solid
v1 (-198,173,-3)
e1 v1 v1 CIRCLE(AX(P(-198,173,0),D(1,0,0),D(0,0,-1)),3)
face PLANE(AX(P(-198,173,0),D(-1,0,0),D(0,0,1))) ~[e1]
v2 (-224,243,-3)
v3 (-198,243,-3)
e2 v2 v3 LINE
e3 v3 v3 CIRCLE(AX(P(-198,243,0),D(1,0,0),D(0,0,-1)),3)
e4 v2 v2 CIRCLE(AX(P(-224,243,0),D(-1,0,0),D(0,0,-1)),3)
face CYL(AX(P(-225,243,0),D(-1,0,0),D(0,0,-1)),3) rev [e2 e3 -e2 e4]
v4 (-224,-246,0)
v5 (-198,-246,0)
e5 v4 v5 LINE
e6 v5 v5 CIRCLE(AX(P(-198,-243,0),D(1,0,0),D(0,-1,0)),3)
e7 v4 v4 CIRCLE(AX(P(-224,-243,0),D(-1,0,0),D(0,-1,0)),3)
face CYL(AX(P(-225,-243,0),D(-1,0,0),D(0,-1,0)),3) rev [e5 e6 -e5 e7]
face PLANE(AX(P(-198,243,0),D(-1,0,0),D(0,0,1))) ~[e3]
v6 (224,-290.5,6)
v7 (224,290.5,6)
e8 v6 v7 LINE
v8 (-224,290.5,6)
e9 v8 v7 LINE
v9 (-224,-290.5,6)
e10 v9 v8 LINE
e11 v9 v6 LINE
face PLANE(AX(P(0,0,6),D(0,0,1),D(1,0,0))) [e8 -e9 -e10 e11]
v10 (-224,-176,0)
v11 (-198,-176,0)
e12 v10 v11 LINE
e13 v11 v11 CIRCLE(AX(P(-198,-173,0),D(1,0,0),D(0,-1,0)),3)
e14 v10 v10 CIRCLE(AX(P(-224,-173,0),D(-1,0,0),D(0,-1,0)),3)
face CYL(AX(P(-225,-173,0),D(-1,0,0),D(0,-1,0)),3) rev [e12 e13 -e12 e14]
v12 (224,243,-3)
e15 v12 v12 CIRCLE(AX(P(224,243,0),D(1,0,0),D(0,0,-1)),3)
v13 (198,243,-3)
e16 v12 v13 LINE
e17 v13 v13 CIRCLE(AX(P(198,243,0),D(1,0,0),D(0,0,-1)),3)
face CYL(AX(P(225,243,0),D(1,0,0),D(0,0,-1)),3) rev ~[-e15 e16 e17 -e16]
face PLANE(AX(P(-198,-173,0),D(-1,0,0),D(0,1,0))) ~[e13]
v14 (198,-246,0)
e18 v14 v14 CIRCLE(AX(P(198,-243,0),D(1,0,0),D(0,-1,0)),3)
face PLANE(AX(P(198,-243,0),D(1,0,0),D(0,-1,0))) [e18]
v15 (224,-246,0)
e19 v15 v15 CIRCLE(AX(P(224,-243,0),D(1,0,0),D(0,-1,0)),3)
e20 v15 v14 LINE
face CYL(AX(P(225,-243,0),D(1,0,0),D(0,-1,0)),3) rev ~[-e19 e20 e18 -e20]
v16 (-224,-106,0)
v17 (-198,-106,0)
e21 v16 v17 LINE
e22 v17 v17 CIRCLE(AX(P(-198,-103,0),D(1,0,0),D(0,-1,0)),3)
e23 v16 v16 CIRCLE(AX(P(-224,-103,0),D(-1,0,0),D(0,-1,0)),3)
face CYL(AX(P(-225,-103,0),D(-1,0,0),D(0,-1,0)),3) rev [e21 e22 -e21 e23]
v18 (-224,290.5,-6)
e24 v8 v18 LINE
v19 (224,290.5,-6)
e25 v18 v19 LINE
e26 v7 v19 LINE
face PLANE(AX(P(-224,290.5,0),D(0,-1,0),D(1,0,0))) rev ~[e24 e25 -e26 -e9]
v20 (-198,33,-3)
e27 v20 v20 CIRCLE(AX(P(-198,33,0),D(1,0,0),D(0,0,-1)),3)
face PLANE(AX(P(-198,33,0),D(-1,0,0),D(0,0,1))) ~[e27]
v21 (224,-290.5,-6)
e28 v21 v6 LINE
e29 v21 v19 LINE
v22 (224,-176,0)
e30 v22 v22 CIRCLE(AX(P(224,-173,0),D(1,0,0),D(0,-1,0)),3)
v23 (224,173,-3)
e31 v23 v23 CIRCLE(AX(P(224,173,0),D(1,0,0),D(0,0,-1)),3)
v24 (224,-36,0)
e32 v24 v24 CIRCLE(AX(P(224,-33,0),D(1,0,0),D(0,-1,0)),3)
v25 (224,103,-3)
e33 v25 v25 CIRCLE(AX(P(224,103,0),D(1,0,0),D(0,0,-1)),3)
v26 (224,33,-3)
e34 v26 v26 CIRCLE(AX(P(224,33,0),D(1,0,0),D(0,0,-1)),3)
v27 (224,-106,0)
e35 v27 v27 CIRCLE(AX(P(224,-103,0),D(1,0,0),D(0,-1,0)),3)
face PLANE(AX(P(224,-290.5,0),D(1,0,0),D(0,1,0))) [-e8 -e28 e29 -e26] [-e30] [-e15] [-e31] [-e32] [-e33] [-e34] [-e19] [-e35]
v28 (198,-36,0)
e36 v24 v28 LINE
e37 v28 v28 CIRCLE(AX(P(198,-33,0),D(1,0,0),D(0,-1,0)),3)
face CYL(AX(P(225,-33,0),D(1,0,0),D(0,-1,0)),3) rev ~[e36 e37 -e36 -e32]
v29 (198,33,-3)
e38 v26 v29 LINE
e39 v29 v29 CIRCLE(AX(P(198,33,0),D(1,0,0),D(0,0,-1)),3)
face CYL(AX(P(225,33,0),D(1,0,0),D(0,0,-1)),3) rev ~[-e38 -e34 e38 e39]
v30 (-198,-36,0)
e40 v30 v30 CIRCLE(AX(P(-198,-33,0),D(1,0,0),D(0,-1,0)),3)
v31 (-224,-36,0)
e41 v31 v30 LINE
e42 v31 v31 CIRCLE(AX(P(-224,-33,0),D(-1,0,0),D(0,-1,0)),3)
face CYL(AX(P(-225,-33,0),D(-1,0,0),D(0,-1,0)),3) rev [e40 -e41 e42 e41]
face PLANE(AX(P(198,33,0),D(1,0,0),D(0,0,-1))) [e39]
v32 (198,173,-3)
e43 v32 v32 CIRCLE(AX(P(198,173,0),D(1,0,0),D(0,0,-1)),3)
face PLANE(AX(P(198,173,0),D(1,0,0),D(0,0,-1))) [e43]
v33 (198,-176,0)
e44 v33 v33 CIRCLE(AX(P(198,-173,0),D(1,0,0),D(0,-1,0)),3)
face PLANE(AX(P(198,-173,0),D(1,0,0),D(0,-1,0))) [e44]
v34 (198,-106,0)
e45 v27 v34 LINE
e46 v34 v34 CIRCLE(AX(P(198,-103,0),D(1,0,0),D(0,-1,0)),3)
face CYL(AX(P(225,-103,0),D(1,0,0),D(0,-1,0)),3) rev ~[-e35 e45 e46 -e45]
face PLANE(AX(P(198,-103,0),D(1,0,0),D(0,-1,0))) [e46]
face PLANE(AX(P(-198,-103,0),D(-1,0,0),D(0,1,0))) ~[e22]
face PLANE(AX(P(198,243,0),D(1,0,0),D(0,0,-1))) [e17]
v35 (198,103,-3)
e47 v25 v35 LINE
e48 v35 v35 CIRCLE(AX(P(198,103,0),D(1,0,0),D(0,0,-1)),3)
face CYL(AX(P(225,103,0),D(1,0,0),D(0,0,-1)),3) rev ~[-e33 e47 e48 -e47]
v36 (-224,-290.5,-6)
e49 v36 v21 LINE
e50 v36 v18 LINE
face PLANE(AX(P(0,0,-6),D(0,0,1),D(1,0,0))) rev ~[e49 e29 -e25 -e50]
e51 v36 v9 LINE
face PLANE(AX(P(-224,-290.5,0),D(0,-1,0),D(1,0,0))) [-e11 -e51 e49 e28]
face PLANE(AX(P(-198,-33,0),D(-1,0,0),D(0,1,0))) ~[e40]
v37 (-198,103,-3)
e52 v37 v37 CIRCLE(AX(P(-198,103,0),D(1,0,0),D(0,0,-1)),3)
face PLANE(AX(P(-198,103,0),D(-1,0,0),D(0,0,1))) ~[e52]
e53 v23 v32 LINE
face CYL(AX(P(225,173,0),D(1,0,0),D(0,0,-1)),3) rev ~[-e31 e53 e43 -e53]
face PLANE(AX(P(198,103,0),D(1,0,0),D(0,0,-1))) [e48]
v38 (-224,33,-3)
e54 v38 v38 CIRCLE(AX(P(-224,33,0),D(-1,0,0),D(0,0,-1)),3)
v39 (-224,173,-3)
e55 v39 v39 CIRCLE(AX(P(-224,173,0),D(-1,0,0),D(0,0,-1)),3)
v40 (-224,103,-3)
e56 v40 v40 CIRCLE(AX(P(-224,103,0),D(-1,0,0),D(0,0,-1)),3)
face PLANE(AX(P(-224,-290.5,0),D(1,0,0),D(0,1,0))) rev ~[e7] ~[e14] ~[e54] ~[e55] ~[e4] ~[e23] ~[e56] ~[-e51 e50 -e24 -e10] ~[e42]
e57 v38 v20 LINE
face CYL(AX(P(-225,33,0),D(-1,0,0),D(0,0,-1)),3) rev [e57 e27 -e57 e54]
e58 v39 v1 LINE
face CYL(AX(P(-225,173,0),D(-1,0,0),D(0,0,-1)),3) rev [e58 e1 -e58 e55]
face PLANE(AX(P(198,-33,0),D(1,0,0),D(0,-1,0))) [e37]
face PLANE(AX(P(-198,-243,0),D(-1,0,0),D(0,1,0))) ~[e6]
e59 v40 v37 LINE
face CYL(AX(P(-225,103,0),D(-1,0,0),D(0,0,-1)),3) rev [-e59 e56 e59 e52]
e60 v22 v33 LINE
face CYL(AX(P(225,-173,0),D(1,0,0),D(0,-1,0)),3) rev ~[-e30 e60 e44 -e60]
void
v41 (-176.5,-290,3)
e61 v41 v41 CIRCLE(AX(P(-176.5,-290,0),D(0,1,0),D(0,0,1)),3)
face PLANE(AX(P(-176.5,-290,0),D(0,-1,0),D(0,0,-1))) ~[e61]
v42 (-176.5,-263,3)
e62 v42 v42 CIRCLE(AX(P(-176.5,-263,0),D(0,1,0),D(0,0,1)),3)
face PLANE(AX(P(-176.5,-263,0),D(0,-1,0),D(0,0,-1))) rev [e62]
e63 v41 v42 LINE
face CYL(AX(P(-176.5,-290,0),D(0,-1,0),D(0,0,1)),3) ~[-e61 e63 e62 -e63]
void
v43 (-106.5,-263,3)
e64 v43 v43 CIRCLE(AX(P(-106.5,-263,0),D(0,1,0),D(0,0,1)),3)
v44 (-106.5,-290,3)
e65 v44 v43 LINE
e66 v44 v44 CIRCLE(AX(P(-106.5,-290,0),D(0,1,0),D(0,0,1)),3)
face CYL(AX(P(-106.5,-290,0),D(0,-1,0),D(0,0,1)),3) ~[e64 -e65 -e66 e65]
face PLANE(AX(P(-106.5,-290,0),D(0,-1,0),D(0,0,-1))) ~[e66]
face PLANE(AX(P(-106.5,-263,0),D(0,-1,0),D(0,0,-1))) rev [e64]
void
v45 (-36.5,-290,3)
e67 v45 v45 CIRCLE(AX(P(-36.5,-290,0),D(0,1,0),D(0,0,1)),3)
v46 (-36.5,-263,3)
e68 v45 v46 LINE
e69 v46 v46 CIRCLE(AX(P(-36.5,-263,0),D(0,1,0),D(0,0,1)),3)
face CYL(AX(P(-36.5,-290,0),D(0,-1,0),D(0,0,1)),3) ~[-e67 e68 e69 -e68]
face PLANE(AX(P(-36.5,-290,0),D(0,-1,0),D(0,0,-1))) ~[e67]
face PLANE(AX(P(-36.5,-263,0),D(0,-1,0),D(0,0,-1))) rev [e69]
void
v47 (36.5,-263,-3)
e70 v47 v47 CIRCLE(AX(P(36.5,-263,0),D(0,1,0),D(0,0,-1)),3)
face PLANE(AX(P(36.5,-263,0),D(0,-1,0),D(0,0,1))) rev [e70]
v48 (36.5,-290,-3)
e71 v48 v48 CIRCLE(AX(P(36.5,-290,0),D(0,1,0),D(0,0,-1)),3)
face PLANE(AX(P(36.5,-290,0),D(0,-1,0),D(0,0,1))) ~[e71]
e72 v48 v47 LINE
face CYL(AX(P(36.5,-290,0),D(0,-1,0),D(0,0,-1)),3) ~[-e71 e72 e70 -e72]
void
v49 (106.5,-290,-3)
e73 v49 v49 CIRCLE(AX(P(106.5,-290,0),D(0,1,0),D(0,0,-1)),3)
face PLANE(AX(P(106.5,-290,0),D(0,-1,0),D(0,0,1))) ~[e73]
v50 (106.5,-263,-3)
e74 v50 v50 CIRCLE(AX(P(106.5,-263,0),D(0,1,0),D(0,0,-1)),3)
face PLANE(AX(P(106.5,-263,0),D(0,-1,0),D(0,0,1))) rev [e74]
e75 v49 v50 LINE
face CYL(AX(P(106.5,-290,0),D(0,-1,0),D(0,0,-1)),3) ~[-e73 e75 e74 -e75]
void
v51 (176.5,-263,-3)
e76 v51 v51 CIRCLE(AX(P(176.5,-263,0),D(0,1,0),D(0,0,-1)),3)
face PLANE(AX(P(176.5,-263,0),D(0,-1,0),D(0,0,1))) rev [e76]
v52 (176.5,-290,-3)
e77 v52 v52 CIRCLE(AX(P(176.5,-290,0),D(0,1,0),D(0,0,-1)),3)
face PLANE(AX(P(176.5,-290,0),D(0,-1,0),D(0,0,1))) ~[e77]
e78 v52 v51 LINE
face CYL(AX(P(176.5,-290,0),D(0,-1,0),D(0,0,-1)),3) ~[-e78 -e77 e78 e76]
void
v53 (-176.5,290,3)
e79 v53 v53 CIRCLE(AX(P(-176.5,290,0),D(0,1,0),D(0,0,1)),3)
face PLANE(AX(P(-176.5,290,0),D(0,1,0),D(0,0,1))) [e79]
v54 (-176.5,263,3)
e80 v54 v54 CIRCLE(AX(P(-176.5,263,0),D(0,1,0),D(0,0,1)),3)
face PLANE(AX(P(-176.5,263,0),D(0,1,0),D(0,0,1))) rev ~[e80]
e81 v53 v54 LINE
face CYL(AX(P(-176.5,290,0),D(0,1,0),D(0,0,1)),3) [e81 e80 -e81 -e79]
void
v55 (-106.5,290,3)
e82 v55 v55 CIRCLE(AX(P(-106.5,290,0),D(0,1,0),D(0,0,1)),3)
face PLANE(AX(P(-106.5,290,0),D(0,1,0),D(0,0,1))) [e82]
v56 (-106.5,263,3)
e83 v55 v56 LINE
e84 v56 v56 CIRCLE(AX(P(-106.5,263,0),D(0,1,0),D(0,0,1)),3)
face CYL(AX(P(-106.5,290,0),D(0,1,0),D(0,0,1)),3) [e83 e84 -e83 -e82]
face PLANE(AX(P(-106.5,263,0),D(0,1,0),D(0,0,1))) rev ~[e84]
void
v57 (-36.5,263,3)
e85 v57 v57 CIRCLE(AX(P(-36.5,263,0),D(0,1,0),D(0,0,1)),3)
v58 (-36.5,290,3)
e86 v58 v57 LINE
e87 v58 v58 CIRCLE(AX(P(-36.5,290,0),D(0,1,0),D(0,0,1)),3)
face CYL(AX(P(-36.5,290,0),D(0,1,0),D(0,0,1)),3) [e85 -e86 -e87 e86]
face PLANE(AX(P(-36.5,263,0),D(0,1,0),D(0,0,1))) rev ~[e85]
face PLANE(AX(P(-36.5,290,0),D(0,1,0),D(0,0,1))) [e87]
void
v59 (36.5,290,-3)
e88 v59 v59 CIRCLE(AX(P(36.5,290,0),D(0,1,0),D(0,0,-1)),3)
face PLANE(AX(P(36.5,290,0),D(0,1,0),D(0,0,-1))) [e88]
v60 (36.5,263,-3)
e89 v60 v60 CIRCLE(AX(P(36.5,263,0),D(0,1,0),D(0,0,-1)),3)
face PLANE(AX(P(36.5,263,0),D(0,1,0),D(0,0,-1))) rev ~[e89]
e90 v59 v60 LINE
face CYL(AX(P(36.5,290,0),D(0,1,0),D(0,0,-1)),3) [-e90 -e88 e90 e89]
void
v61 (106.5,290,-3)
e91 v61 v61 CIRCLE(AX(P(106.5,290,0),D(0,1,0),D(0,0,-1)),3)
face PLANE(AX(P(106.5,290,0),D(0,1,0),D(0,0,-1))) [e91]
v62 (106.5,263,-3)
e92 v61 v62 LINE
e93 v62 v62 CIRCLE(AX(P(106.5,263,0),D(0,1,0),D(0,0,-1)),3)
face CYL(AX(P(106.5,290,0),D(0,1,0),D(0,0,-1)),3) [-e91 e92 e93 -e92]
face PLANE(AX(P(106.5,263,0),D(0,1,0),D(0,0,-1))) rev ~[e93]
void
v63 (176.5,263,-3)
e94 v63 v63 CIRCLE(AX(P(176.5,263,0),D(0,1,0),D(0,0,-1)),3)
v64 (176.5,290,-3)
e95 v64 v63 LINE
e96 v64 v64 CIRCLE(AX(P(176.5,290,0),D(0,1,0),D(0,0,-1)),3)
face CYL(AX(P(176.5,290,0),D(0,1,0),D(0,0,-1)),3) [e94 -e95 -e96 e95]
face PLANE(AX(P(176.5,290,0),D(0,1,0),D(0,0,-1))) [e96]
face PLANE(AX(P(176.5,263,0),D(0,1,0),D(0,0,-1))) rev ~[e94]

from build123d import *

# Parameters (mm, degrees)
CROQUIS1_W              = 448
CROQUIS1_H              = 581
SALIENTE_EXTRUIR2_DEPTH = 6
CORTAR_EXTRUIR2_START   = 225
CROQUIS3_R              = 3
CORTAR_EXTRUIR2_DEPTH   = 27
CORTAR_EXTRUIR3_START   = 290
CROQUIS4_R              = 3
CORTAR_EXTRUIR3_DEPTH   = 27


with BuildPart() as part:
    # Croquis1 → Saliente-Extruir2 (new, symmetric)
    with BuildSketch(Plane.XY):
        Rectangle(CROQUIS1_W, CROQUIS1_H)
    extrude(amount=SALIENTE_EXTRUIR2_DEPTH, both=True)

    # Croquis3 → Cortar-Extruir2 (cut)
    with BuildSketch(Plane(origin=(0, 0, 0), x_dir=(0, 0, -1), z_dir=(1, 0, 0)).offset(CORTAR_EXTRUIR2_START)):
        with Locations((0, 243)):
            Circle(CROQUIS3_R)
        with Locations((0, 173)):
            Circle(CROQUIS3_R)
        with Locations((0, 103)):
            Circle(CROQUIS3_R)
        with Locations((0, 33)):
            Circle(CROQUIS3_R)
        with Locations(Location((0, -33, 0), (0, 0, 270))):
            Circle(CROQUIS3_R)
        with Locations(Location((0, -103, 0), (0, 0, 270))):
            Circle(CROQUIS3_R)
        with Locations(Location((0, -173, 0), (0, 0, 270))):
            Circle(CROQUIS3_R)
        with Locations(Location((0, -243, 0), (0, 0, 270))):
            Circle(CROQUIS3_R)
    cortar_extruir2 = extrude(amount=-CORTAR_EXTRUIR2_DEPTH, mode=Mode.SUBTRACT)

    # Simetría1: Cortar-Extruir2 across plane
    add(cortar_extruir2.mirror(Plane(origin=(0, 0, 0), x_dir=(0, 0, 1), z_dir=(1, 0, 0))), mode=Mode.SUBTRACT)

    # Croquis4 → Cortar-Extruir3 (cut)
    with BuildSketch(Plane(origin=(0, 0, 0), x_dir=(1, 0, 0), z_dir=(0, 1, 0)).offset(CORTAR_EXTRUIR3_START)):
        with Locations(Location((-176.5, 0, 0), (0, 0, 270))):
            Circle(CROQUIS4_R)
        with Locations(Location((-106.5, 0, 0), (0, 0, 270))):
            Circle(CROQUIS4_R)
        with Locations(Location((-36.5, 0, 0), (0, 0, 270))):
            Circle(CROQUIS4_R)
        with Locations(Location((36.5, 0, 0), (0, 0, 90))):
            Circle(CROQUIS4_R)
        with Locations(Location((106.5, 0, 0), (0, 0, 90))):
            Circle(CROQUIS4_R)
        with Locations(Location((176.5, 0, 0), (0, 0, 90))):
            Circle(CROQUIS4_R)
    cortar_extruir3 = extrude(amount=-CORTAR_EXTRUIR3_DEPTH, mode=Mode.SUBTRACT)

    # Simetría2: Cortar-Extruir3 across plane
    add(cortar_extruir3.mirror(Plane.ZX), mode=Mode.SUBTRACT)


solid = part.part
